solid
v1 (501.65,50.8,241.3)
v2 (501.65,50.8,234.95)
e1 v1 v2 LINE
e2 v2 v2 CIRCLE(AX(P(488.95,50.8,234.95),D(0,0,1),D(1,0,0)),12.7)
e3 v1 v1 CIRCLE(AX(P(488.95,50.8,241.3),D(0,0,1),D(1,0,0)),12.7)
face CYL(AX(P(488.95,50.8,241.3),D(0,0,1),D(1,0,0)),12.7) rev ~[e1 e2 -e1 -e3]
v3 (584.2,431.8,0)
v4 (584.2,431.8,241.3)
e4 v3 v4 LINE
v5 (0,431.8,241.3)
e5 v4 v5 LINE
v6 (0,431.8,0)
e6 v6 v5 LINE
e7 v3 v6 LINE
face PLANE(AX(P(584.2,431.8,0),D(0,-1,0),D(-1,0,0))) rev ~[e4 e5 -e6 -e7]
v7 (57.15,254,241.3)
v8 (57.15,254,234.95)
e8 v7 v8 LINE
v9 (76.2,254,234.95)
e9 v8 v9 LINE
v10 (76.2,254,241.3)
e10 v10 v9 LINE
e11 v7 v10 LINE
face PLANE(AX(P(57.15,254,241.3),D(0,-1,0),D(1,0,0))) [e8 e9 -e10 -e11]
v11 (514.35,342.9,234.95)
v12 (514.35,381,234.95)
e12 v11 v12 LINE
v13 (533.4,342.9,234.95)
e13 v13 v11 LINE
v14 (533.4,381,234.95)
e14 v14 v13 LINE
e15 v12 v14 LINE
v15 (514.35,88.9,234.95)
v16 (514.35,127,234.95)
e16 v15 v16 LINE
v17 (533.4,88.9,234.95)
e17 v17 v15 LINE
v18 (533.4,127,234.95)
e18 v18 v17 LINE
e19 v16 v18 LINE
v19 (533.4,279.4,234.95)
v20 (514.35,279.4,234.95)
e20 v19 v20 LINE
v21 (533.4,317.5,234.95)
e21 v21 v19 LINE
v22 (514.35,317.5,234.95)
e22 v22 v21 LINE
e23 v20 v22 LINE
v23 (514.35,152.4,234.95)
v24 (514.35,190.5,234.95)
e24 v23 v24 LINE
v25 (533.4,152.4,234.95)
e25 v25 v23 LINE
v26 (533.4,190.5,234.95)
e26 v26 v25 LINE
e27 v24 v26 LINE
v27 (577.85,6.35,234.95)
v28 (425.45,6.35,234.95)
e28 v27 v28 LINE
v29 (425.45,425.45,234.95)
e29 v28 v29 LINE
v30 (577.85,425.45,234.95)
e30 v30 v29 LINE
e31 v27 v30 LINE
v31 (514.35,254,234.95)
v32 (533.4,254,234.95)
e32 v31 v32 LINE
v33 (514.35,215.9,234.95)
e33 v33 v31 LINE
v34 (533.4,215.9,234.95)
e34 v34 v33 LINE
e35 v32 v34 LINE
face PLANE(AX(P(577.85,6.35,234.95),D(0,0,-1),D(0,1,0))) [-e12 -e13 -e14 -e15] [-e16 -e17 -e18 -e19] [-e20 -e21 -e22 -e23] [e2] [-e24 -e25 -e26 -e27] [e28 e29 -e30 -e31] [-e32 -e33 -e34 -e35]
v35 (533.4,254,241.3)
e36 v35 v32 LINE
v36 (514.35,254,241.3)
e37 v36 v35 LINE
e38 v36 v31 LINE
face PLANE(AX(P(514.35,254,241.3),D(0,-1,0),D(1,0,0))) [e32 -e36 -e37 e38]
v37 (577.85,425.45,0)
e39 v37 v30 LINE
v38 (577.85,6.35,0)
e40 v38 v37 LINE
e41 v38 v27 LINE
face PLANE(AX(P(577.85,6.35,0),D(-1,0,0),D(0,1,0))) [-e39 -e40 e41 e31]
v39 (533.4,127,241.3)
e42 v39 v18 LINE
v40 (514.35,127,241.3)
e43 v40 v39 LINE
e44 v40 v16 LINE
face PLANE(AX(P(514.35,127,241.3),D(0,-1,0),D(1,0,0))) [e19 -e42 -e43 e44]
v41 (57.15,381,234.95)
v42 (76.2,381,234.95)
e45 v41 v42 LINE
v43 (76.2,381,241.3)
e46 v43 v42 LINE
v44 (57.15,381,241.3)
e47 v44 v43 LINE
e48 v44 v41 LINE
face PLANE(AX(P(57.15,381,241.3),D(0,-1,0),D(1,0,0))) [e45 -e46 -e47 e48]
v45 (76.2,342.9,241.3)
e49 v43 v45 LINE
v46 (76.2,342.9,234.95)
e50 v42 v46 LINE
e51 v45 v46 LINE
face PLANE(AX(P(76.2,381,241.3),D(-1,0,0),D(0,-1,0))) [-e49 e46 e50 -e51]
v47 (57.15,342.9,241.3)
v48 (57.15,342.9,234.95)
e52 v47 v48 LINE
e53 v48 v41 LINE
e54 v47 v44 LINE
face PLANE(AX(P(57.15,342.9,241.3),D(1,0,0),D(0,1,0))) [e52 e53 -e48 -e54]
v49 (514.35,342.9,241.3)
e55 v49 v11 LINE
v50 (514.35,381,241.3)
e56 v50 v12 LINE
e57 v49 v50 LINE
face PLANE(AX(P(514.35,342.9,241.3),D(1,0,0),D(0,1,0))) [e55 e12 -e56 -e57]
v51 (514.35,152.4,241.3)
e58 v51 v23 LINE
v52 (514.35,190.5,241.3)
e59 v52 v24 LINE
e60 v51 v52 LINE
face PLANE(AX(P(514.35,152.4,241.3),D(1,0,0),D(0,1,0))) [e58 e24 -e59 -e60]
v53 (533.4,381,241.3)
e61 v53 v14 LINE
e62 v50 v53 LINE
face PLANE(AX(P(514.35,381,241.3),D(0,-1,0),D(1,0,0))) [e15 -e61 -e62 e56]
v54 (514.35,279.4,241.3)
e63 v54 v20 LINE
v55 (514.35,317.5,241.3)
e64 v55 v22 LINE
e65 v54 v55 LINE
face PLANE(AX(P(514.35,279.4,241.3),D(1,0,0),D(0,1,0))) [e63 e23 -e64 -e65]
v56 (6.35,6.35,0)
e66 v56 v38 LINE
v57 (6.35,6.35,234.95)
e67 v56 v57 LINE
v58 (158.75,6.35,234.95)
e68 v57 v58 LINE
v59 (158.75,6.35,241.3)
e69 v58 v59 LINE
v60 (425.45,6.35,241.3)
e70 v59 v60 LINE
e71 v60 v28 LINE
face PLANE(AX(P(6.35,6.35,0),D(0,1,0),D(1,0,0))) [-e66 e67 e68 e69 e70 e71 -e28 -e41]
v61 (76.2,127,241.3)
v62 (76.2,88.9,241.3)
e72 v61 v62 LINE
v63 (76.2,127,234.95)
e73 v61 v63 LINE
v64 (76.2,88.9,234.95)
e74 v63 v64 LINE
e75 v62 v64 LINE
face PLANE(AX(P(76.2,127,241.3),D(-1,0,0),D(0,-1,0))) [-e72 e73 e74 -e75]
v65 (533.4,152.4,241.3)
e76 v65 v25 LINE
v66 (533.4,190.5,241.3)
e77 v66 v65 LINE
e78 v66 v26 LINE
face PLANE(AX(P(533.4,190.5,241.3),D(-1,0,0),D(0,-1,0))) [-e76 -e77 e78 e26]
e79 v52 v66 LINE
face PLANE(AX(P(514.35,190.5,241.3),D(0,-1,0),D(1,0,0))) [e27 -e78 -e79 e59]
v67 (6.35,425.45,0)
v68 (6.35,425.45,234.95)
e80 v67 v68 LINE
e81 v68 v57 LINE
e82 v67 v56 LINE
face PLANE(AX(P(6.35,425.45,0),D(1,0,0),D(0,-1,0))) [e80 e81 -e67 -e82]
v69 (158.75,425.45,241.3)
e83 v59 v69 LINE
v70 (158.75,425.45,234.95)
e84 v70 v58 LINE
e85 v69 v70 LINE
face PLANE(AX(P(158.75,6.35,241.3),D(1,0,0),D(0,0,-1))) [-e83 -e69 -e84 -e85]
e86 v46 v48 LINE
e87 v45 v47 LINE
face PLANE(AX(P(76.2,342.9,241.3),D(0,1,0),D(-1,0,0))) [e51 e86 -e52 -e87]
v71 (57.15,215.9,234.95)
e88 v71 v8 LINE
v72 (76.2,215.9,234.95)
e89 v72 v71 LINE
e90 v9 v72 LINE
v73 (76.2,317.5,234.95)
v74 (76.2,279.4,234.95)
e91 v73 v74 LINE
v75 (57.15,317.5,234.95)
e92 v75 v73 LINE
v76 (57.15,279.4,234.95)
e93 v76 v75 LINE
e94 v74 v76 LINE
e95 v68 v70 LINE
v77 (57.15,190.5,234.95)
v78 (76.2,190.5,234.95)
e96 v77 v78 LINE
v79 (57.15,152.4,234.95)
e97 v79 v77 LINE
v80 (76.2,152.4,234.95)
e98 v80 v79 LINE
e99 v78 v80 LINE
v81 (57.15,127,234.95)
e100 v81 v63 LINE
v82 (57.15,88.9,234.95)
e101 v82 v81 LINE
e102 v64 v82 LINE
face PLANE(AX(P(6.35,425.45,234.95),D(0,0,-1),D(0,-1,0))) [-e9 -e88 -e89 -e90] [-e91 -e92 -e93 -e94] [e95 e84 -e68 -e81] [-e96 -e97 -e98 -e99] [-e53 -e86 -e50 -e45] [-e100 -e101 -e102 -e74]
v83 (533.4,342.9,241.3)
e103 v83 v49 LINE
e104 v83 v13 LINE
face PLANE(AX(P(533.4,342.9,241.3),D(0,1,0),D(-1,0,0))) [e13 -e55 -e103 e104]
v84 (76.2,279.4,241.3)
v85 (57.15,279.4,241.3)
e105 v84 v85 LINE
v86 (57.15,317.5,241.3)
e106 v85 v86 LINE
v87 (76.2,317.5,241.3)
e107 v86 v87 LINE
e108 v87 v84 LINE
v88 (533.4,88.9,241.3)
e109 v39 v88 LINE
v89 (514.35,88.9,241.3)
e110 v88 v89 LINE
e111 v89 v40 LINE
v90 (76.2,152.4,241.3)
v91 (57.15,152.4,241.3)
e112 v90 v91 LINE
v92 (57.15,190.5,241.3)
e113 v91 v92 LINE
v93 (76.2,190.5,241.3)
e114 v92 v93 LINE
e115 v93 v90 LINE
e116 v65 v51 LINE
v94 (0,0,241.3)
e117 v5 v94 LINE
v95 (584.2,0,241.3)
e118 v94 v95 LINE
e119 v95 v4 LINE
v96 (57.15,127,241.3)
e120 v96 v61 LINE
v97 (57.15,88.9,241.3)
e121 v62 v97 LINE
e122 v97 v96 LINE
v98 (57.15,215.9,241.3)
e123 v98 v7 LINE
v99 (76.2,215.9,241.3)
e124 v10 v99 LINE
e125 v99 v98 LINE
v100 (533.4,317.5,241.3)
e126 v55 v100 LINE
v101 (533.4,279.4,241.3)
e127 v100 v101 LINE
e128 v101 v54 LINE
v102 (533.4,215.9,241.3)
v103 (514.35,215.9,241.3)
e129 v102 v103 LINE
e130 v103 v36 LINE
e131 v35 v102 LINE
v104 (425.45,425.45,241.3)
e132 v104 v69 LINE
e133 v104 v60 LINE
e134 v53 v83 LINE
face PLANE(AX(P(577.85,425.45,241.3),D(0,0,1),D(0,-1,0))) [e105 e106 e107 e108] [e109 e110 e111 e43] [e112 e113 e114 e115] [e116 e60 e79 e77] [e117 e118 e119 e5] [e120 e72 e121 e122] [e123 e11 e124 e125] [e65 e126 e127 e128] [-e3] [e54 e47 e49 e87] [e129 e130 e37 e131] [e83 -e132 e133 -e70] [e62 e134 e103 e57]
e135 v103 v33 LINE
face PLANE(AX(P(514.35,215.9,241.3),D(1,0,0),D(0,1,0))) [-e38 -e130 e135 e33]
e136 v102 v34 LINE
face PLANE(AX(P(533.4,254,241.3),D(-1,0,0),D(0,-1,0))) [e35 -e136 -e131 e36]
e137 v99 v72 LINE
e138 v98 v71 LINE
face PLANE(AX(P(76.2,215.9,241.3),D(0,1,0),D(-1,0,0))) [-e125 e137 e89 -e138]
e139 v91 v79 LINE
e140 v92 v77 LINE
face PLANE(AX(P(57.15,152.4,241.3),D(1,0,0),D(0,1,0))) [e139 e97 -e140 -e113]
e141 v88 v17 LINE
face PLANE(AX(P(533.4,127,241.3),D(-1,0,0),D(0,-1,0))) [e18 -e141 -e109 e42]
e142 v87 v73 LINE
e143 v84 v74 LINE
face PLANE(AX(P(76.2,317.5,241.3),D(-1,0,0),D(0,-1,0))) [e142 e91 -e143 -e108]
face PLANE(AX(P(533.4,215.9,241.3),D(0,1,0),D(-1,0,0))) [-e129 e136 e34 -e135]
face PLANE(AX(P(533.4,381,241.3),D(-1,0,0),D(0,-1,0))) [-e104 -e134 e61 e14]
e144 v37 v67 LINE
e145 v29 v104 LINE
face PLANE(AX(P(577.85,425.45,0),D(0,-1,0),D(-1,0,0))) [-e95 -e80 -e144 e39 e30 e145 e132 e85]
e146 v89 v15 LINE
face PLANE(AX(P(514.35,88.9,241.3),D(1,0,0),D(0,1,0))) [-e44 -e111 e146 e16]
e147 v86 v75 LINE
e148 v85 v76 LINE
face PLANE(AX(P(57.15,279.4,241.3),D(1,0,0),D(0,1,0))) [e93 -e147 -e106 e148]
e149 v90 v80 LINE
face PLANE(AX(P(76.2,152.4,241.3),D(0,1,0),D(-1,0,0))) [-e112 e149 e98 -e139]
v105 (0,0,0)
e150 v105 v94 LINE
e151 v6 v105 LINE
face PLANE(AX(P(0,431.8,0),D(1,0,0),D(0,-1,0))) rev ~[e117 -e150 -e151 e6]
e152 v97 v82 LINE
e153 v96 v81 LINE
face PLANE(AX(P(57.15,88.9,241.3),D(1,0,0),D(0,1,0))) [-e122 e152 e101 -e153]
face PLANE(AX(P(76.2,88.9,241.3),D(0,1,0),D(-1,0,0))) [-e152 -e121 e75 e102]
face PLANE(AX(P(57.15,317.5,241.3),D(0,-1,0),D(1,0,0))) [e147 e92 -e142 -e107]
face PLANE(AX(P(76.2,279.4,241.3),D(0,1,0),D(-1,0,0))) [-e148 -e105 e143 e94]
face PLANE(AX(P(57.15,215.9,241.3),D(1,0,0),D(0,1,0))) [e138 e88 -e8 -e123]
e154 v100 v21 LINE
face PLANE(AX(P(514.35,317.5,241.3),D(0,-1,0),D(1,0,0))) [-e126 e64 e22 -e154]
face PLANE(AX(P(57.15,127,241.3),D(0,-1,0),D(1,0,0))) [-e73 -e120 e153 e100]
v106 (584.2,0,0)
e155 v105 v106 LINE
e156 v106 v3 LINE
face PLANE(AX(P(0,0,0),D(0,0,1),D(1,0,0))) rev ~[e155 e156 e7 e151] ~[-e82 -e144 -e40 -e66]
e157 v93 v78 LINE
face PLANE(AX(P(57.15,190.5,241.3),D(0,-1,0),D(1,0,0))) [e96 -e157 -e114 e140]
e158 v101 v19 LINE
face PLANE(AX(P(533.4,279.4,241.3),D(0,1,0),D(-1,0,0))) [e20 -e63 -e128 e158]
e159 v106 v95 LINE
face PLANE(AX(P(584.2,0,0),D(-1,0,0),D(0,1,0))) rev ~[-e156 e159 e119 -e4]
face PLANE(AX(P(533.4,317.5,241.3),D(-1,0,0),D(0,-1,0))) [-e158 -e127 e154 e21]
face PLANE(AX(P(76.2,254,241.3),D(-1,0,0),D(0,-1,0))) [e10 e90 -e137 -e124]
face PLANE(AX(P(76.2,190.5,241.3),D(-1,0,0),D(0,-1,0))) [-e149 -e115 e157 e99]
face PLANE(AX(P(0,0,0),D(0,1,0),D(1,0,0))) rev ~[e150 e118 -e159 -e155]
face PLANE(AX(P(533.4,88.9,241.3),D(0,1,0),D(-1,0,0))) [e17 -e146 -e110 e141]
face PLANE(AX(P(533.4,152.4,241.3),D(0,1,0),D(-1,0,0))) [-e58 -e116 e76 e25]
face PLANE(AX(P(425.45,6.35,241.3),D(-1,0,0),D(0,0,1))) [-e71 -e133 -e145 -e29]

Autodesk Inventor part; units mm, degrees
ref_plane "YZ Plane" through (0, 0, 0) normal (1, 0, 0) x (0, 1, 0)
ref_plane "XZ Plane" through (0, 0, 0) normal (0, 1, 0) x (-1, 0, 0)
ref_plane "XY Plane" through (0, 0, 0) normal (0, 0, 1) x (1, 0, 0)
sketch "Sketch1" plane through (0, 0, 0) normal (0, 0, 1) x (1, 0, 0)
  line L0 (0, 0) -> (584.2, 0)
  line L1 (584.2, 0) -> (584.2, 431.8)
  line L2 (584.2, 431.8) -> (0, 431.8)
  line L3 (0, 431.8) -> (0, 0)
  line L4 (6.35, 6.35) -> (577.85, 6.35)
  line L5 (577.85, 6.35) -> (577.85, 425.45)
  line L6 (577.85, 425.45) -> (6.35, 425.45)
  line L7 (6.35, 425.45) -> (6.35, 6.35)
  dimension "d0" = 6.35
  dimension "d1" = 6.35
  dimension "d2" = 6.35
  dimension "d3" = 6.35
  dimension "d4" = 584.2
  dimension "d5" = 431.8
extrude "Extrusion1" add sketch "Sketch1" along normal blind 241.3
sketch "Sketch2" plane through (6.35, 6.35, 241.3) normal (1, 0, 0) x (0, 0, -1)
  line L0 (0, 0) -> (0, 419.1) projected
  line L1 (241.3, 0) -> (0, 0) projected
  line L2 (0, 419.1) -> (6.35, 419.1)
  line L3 (6.35, 419.1) -> (6.35, 0)
  line L4 (6.35, 0) -> (0, 0)
  line L5 (0, 0) -> (0, 419.1)
  point P0 (241.3, -6.35)
  dimension "d8" = 6.35
extrude "Extrusion2" add sketch "Sketch2" along normal blind 152.4
sketch "Sketch3" plane through (577.85, 6.35, 241.3) normal (-1, 0, 0) x (0, 0, 1)
  line L0 (0, 419.1) -> (0, 0) projected
  line L1 (-241.3, 419.1) -> (0, 419.1) projected
  line L2 (0, 0) -> (-6.35, 0)
  line L3 (-6.35, 0) -> (-6.35, 419.1)
  line L4 (-6.35, 419.1) -> (0, 419.1)
  line L5 (0, 419.1) -> (0, 0)
  point P0 (-241.3, -6.35)
  dimension "d11" = 6.35
extrude "Extrusion3" add sketch "Sketch3" along normal blind 152.4
sketch "Sketch4" plane through (0, 0, 241.3) normal (0, 0, 1) x (1, 0, 0)
  line L0 (57.15, 381) -> (76.2, 381)
  line L1 (76.2, 381) -> (76.2, 342.9)
  line L2 (76.2, 342.9) -> (57.15, 342.9)
  line L3 (57.15, 342.9) -> (57.15, 381)
  line L4 (0, 0) -> (0, 431.8) projected
  line L5 (0, 431.8) -> (584.2, 431.8) projected
  dimension "d14" = 19.05
  dimension "d15" = 38.1
  dimension "d29" = 57.15
  dimension "d30" = 50.8
extrude "Extrusion4" cut sketch "Sketch4" against normal up to next
pattern_linear "Rectangular Pattern1" count 5 spacing 63.5 along (0, -1, 0) count 2 spacing 457.2 along (1, 0, 0) of "Extrusion4"
sketch "Sketch5" plane through (0, 0, 241.3) normal (0, 0, 1) x (1, 0, 0)
  line L0 (425.45, 425.45) -> (425.45, 6.35) projected
  line L1 (584.2, 0) -> (0, 0) projected
  circle A0 centre (488.95, 50.8) radius 12.7
  dimension "d24" = 25.4
  dimension "d25" = 63.5
  dimension "d26" = 50.8
extrude "Extrusion5" cut sketch "Sketch5" against normal up to next
properties part number "Board_Final_Concept" material "Wood (Birch)"
